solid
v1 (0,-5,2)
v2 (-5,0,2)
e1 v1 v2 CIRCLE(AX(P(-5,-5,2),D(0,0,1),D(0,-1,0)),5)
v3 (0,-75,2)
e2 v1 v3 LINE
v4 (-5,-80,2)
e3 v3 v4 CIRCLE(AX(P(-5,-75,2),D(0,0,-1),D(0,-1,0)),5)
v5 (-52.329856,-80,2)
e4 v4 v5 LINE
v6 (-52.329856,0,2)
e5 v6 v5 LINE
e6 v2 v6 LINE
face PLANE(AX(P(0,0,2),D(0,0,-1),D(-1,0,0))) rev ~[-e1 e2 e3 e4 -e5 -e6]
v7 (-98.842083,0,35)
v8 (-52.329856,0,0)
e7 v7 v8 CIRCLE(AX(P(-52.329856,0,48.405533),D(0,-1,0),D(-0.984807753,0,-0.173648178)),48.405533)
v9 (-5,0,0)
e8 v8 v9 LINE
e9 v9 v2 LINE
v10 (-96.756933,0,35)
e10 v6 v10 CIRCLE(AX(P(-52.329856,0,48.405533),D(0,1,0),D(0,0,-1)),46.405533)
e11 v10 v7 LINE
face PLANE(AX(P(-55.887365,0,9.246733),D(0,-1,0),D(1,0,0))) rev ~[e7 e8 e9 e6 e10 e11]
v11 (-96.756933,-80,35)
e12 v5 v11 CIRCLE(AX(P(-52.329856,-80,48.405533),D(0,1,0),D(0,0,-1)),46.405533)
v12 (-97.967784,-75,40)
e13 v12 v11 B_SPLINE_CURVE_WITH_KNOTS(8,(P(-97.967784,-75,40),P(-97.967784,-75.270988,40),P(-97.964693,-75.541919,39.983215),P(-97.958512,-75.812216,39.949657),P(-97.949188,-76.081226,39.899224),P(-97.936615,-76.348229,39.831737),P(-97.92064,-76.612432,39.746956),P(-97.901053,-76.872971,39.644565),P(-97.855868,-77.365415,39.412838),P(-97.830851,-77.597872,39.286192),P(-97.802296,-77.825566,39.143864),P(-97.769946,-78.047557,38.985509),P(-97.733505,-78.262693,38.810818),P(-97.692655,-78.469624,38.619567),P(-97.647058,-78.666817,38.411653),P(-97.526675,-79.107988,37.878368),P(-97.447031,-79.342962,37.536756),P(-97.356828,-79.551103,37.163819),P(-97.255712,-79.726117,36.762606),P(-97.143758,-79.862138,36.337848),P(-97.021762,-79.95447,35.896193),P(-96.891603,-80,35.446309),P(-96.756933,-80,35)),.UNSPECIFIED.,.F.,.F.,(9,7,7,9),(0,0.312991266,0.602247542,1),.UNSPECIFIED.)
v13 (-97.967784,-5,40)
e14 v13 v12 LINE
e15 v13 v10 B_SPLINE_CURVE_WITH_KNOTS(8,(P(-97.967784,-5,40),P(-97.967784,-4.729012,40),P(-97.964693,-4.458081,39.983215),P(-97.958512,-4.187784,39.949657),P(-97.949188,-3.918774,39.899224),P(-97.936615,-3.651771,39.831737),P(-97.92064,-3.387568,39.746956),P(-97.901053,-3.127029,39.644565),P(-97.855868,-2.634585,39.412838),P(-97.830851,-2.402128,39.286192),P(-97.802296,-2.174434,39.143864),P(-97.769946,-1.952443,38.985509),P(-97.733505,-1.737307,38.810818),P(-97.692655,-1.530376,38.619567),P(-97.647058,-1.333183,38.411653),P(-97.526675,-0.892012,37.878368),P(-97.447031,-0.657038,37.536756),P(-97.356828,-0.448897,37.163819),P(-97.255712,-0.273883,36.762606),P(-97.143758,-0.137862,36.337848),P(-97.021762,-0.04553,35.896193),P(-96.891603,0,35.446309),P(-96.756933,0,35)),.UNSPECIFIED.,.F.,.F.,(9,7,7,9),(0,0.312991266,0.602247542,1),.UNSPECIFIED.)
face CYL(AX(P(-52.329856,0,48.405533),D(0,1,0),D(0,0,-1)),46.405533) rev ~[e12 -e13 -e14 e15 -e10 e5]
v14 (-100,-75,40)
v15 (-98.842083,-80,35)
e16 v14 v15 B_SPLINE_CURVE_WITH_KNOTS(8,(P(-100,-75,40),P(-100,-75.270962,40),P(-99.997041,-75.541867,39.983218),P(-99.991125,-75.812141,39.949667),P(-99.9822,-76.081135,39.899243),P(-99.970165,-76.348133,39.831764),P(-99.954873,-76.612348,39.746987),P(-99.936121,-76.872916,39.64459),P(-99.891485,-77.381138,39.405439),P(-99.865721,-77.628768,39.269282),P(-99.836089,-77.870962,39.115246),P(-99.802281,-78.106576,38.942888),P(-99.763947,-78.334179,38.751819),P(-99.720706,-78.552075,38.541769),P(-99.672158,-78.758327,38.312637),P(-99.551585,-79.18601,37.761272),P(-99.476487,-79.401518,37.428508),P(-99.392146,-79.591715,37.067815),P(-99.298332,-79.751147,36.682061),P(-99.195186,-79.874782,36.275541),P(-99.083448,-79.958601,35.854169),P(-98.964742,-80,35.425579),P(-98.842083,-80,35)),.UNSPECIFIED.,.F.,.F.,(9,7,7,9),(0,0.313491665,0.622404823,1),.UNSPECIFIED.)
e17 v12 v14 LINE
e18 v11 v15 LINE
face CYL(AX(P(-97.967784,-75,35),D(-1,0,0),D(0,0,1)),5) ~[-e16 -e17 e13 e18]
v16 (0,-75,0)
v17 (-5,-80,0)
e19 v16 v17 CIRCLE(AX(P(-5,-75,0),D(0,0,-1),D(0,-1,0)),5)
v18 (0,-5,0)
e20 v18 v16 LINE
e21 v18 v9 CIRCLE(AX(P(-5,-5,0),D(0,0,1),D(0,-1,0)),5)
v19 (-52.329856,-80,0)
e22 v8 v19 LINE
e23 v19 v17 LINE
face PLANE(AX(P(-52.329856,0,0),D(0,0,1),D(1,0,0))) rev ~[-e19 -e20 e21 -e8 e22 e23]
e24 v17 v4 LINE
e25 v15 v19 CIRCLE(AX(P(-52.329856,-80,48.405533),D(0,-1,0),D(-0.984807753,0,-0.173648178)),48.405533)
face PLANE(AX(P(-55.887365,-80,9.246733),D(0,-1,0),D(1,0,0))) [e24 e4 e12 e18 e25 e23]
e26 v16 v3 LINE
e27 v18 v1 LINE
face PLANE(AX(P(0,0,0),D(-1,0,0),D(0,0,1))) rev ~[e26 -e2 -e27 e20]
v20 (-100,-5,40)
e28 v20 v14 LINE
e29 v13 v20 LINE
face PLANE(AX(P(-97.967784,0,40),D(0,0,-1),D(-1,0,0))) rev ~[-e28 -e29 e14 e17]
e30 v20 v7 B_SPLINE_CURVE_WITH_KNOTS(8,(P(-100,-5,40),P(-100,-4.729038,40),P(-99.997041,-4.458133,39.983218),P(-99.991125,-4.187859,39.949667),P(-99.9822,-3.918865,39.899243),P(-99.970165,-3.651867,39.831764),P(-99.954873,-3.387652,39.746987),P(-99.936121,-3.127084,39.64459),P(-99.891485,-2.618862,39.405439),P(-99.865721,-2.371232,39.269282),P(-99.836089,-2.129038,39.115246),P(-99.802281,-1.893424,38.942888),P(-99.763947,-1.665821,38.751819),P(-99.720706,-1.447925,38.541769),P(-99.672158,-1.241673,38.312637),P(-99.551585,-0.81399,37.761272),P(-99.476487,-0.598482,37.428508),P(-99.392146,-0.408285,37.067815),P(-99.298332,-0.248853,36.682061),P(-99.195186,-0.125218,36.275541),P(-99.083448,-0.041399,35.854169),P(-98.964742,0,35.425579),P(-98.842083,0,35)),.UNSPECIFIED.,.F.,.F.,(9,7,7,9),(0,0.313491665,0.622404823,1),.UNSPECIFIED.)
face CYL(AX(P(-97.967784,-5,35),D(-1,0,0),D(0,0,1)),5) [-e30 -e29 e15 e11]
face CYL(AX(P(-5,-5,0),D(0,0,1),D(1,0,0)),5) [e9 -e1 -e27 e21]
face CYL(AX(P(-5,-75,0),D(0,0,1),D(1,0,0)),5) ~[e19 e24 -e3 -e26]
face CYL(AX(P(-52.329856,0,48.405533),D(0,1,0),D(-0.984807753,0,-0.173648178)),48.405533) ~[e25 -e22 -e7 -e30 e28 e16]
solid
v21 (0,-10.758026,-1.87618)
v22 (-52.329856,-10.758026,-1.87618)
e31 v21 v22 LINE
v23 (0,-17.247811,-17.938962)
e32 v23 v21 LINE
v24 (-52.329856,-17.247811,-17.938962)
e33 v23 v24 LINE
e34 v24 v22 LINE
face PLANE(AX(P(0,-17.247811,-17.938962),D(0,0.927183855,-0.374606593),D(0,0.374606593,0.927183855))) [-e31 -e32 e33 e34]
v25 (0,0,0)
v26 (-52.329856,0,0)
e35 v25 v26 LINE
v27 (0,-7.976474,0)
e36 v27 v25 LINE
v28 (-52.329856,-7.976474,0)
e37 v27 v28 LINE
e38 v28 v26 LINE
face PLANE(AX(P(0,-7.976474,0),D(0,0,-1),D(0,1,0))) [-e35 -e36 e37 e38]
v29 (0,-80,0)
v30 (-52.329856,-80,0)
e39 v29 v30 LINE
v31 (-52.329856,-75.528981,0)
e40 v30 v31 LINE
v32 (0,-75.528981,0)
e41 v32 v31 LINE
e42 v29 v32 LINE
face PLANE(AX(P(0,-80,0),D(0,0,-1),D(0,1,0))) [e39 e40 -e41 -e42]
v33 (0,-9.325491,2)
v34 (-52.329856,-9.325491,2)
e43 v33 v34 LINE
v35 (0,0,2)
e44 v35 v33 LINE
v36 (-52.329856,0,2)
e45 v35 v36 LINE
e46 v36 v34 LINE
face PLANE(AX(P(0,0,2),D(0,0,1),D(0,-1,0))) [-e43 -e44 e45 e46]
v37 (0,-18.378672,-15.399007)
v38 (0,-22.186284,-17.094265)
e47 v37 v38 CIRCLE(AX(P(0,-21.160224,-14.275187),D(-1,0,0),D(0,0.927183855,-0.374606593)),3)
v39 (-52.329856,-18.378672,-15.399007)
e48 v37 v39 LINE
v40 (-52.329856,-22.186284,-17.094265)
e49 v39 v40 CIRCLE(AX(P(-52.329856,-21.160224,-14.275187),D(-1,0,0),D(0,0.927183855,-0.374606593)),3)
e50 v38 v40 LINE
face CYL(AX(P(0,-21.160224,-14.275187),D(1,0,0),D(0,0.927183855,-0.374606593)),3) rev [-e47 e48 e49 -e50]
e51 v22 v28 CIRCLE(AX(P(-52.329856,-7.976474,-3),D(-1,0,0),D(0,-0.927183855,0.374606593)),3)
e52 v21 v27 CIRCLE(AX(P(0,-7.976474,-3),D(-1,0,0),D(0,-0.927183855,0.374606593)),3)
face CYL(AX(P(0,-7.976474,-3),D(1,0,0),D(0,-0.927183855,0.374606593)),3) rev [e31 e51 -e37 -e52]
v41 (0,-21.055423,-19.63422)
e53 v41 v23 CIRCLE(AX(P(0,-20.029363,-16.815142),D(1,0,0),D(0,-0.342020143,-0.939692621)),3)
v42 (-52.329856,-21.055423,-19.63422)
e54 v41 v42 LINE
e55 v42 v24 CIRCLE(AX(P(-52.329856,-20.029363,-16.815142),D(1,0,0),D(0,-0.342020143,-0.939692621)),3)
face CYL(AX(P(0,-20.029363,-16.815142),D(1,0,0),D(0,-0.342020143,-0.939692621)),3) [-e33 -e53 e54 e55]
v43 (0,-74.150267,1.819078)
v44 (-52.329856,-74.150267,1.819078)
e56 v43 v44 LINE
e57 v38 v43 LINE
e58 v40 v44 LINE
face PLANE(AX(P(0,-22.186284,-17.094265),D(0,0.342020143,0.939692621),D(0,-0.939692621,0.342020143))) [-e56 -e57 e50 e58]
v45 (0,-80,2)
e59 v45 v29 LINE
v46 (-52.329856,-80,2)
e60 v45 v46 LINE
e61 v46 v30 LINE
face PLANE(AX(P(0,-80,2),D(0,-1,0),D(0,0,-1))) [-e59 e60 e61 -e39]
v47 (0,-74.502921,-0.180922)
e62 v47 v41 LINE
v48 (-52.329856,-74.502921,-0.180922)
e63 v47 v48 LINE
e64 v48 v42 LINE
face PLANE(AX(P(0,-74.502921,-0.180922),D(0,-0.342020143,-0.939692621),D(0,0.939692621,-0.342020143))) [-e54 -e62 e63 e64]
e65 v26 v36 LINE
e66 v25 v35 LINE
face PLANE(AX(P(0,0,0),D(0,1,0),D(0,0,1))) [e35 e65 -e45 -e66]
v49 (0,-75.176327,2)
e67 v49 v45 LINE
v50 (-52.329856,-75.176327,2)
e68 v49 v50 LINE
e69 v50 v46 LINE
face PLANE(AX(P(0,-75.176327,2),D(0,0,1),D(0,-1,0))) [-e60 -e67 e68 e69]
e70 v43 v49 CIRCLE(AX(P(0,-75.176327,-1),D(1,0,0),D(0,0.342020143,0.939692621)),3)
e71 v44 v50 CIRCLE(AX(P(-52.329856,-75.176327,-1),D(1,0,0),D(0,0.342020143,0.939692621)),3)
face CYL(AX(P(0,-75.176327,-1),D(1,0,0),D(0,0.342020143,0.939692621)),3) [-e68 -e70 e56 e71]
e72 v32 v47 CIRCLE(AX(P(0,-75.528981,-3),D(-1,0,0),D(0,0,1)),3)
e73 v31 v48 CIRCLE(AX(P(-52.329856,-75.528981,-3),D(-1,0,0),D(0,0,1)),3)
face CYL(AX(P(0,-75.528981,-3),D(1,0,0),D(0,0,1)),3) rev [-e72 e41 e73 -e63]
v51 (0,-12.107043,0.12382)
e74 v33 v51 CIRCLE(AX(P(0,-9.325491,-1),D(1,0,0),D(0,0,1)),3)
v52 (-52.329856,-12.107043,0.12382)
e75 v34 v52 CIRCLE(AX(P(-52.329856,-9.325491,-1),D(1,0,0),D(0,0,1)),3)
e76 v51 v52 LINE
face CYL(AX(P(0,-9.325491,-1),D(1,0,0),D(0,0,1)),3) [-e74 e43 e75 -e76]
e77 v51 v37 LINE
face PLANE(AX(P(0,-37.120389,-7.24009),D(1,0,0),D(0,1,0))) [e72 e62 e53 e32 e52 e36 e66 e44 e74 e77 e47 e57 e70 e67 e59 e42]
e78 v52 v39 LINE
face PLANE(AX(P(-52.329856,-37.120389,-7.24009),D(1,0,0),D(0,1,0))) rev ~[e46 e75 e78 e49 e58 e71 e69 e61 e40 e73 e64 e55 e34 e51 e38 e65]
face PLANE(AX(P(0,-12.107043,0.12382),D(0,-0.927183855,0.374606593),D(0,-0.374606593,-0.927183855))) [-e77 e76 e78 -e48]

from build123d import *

# Parameters (mm, degrees)
F1_DEPTH = 80
F2_R     = 5
F5_DEPTH = 52.3298562962


with BuildPart() as f1:
    # F0 (on Front) → F1 (new body)
    with BuildSketch(Plane.XZ):
        with BuildLine():
            Line((-52.3298562962, 0), (0, 0))
            Line((0, 0), (0, 2))
            Line((0, 2), (-52.3298562962, 2))
            ThreePointArc((-52.3298562962, 2), (-82.0233760889, 12.7436715119), (-97.9677842805, 40))
            Line((-97.9677842805, 40), (-100, 40))
            ThreePointArc((-100, 40), (-83.4443328334, 11.3247433143), (-52.3298562962, 0))
        make_face()
    extrude(amount=F1_DEPTH)

    # F2
    f2_edges = [f1.edges().sort_by_distance(p)[0] for p in [
        (-98.983892, -80, 40),
        (-98.983892, 0, 40),
        (0, -80, 1),
        (0, 0, 1),
    ]]
    fillet(f2_edges, radius=F2_R)


with BuildPart() as f5:
    # F3 (on Right) → F5 (new body, through all)
    with BuildSketch(Plane.YZ):
        with BuildLine():
            ThreePointArc((-75.5289809421, 0), (-75.0080364091, -0.045576741), (-74.5029205121, -0.1809221376))
            Line((-74.5029205121, -0.1809221376), (-21.055423179, -19.6342202629))
            ThreePointArc((-21.055423179, -19.6342202629), (-18.8091528198, -19.5557787735), (-17.2478111853, -17.9389621808))
            Line((-17.2478111853, -17.9389621808), (-10.7580260132, -1.8761802198))
            ThreePointArc((-10.7580260132, -1.8761802198), (-9.6540531599, -0.5128872823), (-7.9764744495, 0))
            Line((-7.9764744495, 0), (0, 0))
            Line((0, 0), (0, 2))
            Line((0, 2), (-9.3254914832, 2))
            ThreePointArc((-9.3254914832, 2), (-11.0030701936, 1.4871127177), (-12.1070430469, 0.1238197802))
            Line((-12.1070430469, 0.1238197802), (-18.37867213, -15.3990069129))
            ThreePointArc((-18.37867213, -15.3990069129), (-19.9400137645, -17.0158235056), (-22.1862841237, -17.094264995))
            Line((-22.1862841237, -17.094264995), (-74.1502665507, 1.8190778624))
            ThreePointArc((-74.1502665507, 1.8190778624), (-74.6553824477, 1.954423259), (-75.1763269807, 2))
            Line((-75.1763269807, 2), (-80, 2))
            Line((-80, 2), (-80, 0))
            Line((-80, 0), (-75.5289809421, 0))
        make_face()
    extrude(amount=-F5_DEPTH)


solid = Compound([f1.part, f5.part])
